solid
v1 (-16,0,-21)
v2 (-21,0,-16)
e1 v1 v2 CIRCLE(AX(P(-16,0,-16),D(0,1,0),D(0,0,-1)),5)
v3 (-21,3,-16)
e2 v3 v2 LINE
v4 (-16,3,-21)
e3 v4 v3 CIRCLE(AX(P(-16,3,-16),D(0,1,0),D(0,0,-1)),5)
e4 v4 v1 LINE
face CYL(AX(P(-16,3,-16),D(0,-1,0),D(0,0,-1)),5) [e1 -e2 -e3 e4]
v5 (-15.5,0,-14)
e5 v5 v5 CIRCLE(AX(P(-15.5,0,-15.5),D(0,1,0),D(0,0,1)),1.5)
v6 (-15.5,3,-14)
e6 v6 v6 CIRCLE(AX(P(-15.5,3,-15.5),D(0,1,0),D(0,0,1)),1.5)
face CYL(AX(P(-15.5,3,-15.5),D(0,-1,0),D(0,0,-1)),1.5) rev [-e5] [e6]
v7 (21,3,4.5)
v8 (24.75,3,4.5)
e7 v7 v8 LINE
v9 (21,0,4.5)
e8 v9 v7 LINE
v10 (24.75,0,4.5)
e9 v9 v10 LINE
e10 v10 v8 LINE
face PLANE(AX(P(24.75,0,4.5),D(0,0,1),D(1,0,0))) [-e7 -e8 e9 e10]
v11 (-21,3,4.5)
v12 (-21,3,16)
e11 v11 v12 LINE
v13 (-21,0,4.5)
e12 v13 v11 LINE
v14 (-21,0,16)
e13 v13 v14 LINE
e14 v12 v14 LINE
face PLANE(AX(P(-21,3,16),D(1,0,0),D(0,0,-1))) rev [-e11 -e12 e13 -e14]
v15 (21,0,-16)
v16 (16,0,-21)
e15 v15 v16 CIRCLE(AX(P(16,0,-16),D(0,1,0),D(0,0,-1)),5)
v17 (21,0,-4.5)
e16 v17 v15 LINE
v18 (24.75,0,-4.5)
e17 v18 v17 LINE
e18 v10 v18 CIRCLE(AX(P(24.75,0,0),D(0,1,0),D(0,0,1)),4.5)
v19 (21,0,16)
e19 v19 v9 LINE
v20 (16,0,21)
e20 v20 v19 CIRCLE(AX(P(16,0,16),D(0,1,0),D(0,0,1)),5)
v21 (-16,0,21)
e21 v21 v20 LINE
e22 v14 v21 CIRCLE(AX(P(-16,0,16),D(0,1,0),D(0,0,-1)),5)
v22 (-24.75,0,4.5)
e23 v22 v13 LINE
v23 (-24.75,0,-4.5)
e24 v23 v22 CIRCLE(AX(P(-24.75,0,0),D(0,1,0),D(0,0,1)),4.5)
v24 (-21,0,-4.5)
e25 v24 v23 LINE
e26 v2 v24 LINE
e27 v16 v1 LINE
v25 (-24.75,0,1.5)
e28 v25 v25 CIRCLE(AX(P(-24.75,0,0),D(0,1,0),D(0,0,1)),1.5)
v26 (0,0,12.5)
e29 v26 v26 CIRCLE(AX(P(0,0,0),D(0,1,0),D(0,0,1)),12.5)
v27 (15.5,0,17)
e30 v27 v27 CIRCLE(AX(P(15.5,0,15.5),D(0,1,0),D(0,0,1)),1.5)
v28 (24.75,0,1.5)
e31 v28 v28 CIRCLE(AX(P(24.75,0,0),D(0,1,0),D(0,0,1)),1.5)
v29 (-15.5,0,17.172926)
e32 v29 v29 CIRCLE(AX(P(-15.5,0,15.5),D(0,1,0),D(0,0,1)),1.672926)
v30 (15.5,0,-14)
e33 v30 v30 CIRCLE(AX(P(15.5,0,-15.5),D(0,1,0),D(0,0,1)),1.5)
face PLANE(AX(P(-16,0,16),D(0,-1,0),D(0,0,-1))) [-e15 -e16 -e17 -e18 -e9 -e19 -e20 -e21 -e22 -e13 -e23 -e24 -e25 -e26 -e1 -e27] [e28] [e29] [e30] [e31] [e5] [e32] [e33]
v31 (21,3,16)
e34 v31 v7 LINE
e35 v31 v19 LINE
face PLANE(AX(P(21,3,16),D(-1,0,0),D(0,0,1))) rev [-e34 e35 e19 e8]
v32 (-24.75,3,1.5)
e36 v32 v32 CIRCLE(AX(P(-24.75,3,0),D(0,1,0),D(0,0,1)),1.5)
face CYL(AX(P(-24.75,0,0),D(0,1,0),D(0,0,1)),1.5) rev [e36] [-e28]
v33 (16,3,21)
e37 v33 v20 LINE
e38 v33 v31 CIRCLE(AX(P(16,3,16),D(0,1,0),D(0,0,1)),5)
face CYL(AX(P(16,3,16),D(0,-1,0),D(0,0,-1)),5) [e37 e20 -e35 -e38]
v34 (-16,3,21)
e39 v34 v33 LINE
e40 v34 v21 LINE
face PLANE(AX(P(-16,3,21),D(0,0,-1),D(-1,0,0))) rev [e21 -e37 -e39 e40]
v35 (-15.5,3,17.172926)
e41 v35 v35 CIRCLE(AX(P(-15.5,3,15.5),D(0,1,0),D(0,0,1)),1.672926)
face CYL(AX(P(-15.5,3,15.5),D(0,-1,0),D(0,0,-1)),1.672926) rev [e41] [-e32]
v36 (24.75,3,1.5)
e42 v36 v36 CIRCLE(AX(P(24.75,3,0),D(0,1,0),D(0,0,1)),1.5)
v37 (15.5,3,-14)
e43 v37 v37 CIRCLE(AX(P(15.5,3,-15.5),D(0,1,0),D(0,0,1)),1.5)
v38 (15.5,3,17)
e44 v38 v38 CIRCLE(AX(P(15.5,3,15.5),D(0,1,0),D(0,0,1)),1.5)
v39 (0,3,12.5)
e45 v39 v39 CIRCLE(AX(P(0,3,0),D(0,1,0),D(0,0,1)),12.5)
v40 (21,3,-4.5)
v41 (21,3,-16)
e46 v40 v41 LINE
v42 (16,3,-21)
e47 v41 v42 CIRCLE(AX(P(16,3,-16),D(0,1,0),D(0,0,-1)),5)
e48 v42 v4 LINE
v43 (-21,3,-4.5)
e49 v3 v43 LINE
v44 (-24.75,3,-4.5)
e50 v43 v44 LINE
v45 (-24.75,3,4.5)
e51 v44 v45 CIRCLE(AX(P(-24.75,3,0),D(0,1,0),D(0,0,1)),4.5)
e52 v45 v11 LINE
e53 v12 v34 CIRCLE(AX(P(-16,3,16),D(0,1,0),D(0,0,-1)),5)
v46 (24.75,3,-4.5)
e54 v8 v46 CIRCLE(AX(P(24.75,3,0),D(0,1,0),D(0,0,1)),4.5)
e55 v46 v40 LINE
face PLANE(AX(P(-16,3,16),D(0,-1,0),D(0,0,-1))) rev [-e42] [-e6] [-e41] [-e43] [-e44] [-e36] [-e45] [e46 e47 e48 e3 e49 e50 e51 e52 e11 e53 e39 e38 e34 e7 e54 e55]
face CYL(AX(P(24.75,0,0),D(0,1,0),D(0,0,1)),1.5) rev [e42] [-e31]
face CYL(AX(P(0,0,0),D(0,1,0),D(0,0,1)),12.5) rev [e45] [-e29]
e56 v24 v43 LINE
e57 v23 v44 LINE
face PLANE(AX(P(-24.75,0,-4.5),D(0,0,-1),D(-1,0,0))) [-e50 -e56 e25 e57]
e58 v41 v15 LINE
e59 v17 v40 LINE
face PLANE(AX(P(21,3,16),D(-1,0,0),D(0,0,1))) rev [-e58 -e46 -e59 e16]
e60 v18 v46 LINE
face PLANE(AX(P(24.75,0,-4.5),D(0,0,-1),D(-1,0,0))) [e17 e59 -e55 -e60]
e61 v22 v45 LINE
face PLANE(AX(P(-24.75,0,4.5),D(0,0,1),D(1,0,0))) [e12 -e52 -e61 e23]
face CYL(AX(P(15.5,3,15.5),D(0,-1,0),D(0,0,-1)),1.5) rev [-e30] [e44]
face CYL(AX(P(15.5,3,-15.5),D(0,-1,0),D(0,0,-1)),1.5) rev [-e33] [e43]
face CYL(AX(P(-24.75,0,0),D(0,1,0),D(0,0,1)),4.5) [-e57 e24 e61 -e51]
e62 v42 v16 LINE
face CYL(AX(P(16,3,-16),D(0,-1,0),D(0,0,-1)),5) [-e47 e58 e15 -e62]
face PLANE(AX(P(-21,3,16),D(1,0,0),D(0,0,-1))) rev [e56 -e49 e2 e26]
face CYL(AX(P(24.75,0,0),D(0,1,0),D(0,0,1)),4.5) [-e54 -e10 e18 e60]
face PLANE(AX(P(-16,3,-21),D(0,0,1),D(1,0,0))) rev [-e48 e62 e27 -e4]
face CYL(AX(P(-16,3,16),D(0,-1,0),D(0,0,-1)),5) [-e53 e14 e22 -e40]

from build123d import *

# Parameters (mm, degrees)
SKETCH1_R           = 1.5
SKETCH1_R_2         = 1.672925925
BOSS_EXTRUDE1_DEPTH = 3
SKETCH2_R           = 12.5
CUT_EXTRUDE1_DEPTH  = 4
SKETCH3_R           = 1.5
BOSS_EXTRUDE2_DEPTH = 3


with BuildPart() as part:
    # Sketch1 → Boss-Extrude1 (new body)
    with BuildSketch(Plane(origin=(0, 0, 0), x_dir=(1, 0, 0), z_dir=(0, 1, 0))):
        with BuildLine():
            Line((-16, -21), (16, -21))
            ThreePointArc((16, -21), (19.535533906, -19.535533906), (21, -16))
            Line((21, -16), (21, 16))
            ThreePointArc((21, 16), (19.535533906, 19.535533906), (16, 21))
            Line((16, 21), (-16, 21))
            ThreePointArc((-16, 21), (-19.535533906, 19.535533906), (-21, 16))
            Line((-21, 16), (-21, -16))
            ThreePointArc((-21, -16), (-19.535533906, -19.535533906), (-16, -21))
        make_face()
        with Locations((15.5, 15.5)):
            Circle(SKETCH1_R, mode=Mode.SUBTRACT)
        with Locations((15.5, -15.5)):
            Circle(SKETCH1_R, mode=Mode.SUBTRACT)
        with Locations((-15.5, 15.5)):
            Circle(SKETCH1_R, mode=Mode.SUBTRACT)
        with Locations((-15.5, -15.5)):
            Circle(SKETCH1_R_2, mode=Mode.SUBTRACT)
    extrude(amount=BOSS_EXTRUDE1_DEPTH)

    # Sketch2 → Cut-Extrude1 (cut, through all)
    with BuildSketch(Plane(origin=(0, 3, 0), x_dir=(1, 0, 0), z_dir=(0, 1, 0))):
        Circle(SKETCH2_R)
    extrude(amount=-CUT_EXTRUDE1_DEPTH, mode=Mode.SUBTRACT)

    # Sketch3 → Boss-Extrude2 (add)
    with BuildSketch(Plane(origin=(0, 3, 0), x_dir=(1, 0, 0), z_dir=(0, 1, 0))):
        with BuildLine():
            Line((-24.75, 4.5), (-21, 4.5))
            Line((-21, 4.5), (-21, -4.5))
            Line((-21, -4.5), (-24.75, -4.5))
            ThreePointArc((-24.75, -4.5), (-29.25, 0), (-24.75, 4.5))
        make_face()
        with Locations((-24.75, 0)):
            Circle(SKETCH3_R, mode=Mode.SUBTRACT)
        with BuildLine():
            Line((24.75, -4.5), (21, -4.5))
            Line((21, -4.5), (21, 4.5))
            Line((21, 4.5), (24.75, 4.5))
            ThreePointArc((24.75, 4.5), (29.25, 0), (24.75, -4.5))
        make_face()
        with Locations((24.75, 0)):
            Circle(SKETCH3_R, mode=Mode.SUBTRACT)
    extrude(amount=-BOSS_EXTRUDE2_DEPTH)


solid = part.part
